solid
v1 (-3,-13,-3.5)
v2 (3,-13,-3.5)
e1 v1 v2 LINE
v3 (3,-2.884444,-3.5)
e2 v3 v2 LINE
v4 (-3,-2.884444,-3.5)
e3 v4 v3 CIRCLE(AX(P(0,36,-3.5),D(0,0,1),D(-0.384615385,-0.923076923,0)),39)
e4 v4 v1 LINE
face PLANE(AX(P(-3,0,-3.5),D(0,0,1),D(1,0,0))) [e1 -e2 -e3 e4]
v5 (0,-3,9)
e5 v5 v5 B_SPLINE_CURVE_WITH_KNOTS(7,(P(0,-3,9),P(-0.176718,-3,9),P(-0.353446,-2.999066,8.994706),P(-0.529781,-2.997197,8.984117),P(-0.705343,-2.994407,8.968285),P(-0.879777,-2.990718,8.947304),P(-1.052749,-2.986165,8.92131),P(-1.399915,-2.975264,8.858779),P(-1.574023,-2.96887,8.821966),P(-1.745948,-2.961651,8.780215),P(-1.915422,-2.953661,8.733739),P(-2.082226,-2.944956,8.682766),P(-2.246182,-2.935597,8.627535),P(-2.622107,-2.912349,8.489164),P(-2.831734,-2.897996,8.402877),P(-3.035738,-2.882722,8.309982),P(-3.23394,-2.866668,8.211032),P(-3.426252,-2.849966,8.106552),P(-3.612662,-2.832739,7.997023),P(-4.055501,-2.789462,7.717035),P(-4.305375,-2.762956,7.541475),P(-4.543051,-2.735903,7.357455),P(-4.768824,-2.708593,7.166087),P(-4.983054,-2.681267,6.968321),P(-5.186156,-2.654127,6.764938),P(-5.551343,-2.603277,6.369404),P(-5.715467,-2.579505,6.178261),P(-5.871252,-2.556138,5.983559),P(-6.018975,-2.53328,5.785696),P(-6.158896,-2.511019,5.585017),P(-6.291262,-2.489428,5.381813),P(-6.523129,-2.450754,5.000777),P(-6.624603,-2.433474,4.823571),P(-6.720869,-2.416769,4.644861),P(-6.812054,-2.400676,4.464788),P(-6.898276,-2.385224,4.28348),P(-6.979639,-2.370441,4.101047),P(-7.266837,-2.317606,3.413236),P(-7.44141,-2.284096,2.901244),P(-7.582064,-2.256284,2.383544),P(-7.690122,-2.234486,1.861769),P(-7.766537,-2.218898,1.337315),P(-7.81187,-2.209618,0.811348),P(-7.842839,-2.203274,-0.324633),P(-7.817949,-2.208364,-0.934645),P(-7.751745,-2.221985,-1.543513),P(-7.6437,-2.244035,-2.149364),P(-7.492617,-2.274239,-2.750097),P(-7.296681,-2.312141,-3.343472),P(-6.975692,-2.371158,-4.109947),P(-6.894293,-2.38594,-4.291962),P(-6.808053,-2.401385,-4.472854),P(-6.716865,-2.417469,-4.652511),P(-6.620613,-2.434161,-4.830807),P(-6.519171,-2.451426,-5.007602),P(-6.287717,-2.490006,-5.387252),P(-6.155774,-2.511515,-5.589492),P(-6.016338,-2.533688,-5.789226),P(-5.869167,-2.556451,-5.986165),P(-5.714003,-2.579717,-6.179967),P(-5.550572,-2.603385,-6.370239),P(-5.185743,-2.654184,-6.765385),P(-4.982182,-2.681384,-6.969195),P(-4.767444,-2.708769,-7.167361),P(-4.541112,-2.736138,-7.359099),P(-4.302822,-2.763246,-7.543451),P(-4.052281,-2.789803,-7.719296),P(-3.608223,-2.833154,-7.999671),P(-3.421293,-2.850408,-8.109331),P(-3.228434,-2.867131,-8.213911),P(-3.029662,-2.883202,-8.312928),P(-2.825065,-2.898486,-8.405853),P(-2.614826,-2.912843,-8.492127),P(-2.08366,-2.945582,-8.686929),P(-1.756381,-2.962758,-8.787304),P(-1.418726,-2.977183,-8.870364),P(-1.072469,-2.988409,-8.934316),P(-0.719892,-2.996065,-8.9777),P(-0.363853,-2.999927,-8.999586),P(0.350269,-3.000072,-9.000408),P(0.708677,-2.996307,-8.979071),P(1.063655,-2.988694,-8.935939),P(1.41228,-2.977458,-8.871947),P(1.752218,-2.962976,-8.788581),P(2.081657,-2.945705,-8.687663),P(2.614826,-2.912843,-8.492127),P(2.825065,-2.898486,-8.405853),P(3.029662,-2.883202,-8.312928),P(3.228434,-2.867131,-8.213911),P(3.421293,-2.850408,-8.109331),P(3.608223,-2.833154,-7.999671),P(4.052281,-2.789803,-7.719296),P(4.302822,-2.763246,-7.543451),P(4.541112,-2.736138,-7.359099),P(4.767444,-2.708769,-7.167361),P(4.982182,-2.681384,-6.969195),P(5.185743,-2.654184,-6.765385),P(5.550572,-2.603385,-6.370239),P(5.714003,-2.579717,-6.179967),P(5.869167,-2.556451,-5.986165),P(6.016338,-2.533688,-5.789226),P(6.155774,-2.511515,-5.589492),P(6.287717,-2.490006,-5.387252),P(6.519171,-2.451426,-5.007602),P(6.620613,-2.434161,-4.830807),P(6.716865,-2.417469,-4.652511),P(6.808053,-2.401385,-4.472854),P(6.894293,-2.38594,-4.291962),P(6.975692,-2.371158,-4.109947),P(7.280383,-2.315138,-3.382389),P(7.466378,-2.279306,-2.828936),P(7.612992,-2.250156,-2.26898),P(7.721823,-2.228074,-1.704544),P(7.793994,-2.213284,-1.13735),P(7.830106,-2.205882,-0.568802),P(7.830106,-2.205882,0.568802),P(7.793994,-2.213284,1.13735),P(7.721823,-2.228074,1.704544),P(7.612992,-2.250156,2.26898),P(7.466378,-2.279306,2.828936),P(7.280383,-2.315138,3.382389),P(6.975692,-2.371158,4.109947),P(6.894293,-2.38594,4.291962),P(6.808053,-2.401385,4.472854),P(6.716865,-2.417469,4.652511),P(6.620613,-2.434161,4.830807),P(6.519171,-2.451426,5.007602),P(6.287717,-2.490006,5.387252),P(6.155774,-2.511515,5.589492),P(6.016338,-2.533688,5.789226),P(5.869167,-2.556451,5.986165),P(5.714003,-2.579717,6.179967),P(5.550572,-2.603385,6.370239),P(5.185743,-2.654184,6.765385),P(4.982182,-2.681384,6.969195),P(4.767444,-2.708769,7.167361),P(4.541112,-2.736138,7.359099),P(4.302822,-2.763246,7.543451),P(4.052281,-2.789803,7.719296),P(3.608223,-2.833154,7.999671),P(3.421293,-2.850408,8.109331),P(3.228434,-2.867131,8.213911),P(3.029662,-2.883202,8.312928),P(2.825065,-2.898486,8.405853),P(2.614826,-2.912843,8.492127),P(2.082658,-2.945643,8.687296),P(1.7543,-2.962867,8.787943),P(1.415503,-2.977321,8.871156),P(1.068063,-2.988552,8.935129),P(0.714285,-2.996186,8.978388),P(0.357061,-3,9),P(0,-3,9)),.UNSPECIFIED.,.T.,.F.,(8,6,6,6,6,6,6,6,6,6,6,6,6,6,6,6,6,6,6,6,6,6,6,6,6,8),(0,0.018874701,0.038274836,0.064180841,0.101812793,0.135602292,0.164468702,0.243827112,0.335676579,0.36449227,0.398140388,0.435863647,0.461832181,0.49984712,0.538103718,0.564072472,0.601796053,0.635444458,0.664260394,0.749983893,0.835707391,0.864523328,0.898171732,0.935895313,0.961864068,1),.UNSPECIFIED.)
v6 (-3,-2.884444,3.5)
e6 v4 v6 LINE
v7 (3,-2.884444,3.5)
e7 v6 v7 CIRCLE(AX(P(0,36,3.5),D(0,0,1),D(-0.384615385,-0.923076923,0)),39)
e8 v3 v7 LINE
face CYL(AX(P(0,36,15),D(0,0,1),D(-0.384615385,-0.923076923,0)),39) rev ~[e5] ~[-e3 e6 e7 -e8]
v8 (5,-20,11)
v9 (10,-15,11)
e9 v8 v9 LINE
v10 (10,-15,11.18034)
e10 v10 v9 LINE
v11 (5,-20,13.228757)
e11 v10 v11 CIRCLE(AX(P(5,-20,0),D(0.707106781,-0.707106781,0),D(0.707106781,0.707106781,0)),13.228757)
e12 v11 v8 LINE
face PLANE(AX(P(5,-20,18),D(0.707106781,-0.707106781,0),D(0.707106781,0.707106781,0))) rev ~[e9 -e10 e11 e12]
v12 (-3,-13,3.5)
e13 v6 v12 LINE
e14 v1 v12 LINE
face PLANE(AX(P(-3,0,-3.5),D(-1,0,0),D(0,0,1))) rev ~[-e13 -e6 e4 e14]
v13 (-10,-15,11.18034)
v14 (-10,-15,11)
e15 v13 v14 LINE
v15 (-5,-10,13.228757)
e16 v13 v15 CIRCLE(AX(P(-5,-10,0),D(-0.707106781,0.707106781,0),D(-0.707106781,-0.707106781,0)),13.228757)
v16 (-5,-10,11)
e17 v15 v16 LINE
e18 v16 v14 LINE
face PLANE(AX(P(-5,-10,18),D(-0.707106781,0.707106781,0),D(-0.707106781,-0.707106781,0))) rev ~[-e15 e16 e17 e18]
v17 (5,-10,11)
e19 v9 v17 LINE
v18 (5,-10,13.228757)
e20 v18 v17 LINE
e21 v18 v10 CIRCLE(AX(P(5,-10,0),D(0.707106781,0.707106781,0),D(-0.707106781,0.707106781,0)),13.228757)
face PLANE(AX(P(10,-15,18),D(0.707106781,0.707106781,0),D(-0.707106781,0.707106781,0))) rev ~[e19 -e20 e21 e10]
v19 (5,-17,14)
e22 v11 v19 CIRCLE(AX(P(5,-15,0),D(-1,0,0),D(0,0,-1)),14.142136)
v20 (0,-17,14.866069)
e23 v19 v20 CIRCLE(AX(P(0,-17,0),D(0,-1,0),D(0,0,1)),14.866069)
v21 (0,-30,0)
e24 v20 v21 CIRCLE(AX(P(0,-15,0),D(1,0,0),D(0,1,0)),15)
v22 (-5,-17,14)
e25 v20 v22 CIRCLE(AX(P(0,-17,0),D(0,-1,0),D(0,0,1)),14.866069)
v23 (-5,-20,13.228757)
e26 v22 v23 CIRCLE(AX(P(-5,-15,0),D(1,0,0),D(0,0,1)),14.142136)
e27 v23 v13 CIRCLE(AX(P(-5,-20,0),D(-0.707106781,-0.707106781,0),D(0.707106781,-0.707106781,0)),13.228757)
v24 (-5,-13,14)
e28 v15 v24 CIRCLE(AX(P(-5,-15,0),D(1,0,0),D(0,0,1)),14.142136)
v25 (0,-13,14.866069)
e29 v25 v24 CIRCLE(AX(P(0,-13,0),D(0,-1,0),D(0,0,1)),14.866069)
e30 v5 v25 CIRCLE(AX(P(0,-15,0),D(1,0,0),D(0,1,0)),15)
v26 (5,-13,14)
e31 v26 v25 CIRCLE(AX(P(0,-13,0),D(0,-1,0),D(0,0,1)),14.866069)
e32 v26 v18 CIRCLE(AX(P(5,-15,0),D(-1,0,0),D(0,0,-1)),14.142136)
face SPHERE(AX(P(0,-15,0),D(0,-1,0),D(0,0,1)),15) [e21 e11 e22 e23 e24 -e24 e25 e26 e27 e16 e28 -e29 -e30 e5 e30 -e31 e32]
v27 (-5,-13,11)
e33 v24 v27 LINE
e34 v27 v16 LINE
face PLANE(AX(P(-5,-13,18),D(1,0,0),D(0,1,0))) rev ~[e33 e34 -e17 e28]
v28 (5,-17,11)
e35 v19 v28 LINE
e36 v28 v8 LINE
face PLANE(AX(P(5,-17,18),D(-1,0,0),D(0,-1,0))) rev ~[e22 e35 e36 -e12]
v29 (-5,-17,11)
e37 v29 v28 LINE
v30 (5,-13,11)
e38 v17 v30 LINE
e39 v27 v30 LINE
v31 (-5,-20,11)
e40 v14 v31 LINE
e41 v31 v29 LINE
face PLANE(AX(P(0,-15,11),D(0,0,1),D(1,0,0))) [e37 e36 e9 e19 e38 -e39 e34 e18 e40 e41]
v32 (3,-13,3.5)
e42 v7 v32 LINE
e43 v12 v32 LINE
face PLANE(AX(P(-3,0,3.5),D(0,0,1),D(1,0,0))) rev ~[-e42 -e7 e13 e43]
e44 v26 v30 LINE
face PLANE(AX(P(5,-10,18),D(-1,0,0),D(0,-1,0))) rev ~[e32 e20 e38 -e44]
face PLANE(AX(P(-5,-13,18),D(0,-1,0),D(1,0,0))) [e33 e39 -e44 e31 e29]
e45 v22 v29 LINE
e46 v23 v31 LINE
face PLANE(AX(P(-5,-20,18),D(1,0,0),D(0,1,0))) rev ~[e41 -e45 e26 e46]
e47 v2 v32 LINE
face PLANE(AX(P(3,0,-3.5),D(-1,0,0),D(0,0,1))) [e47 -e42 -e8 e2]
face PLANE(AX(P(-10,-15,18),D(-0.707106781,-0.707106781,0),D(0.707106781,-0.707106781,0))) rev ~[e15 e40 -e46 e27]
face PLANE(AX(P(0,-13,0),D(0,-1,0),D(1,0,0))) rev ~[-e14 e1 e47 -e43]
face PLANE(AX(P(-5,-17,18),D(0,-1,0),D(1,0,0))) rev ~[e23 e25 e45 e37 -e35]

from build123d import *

# Parameters (mm, degrees)
F4_DEPTH = 30.001
F5_W     = 6
F5_H     = 7
F6_DEPTH = 13
F8_W     = 10
F8_H     = 4
F9_DEPTH = 7


with BuildPart() as f1:
    # F0 (on Right) → F1 (revolve)
    with BuildSketch(Plane.YZ):
        with BuildLine():
            Line((-30, 0), (0, 0))
            ThreePointArc((0, 0), (-15, 15), (-30, 0))
        make_face()
    revolve(axis=Axis((0, -15, 0), (0, -1, 0)))

    # F3 (on offset) → F4 (cut, through all)
    with BuildSketch(Plane.XY.offset(15)):
        with BuildLine():
            Line((15, 0), (0, 0))
            Line((0, 0), (-15, 0))
            ThreePointArc((-15, 0), (0, -3), (15, 0))
        make_face()
    extrude(amount=-F4_DEPTH, mode=Mode.SUBTRACT)

    # F5 (on Front) → F6 (cut)
    with BuildSketch(Plane.XZ):
        Rectangle(F5_W, F5_H)
    extrude(amount=F6_DEPTH, mode=Mode.SUBTRACT)

    # F8 (on offset) → F9 (cut)
    with BuildSketch(Plane.XY.offset(18)):
        with Locations((0, -15)):
            Rectangle(F8_W, F8_H)
        Polygon((-5, -17), (-5, -13), (-5, -10), (-10, -15), (-5, -20), align=None)
        Polygon((5, -10), (5, -13), (5, -17), (5, -20), (10, -15), align=None)
    extrude(amount=-F9_DEPTH, mode=Mode.SUBTRACT)


solid = f1.part
